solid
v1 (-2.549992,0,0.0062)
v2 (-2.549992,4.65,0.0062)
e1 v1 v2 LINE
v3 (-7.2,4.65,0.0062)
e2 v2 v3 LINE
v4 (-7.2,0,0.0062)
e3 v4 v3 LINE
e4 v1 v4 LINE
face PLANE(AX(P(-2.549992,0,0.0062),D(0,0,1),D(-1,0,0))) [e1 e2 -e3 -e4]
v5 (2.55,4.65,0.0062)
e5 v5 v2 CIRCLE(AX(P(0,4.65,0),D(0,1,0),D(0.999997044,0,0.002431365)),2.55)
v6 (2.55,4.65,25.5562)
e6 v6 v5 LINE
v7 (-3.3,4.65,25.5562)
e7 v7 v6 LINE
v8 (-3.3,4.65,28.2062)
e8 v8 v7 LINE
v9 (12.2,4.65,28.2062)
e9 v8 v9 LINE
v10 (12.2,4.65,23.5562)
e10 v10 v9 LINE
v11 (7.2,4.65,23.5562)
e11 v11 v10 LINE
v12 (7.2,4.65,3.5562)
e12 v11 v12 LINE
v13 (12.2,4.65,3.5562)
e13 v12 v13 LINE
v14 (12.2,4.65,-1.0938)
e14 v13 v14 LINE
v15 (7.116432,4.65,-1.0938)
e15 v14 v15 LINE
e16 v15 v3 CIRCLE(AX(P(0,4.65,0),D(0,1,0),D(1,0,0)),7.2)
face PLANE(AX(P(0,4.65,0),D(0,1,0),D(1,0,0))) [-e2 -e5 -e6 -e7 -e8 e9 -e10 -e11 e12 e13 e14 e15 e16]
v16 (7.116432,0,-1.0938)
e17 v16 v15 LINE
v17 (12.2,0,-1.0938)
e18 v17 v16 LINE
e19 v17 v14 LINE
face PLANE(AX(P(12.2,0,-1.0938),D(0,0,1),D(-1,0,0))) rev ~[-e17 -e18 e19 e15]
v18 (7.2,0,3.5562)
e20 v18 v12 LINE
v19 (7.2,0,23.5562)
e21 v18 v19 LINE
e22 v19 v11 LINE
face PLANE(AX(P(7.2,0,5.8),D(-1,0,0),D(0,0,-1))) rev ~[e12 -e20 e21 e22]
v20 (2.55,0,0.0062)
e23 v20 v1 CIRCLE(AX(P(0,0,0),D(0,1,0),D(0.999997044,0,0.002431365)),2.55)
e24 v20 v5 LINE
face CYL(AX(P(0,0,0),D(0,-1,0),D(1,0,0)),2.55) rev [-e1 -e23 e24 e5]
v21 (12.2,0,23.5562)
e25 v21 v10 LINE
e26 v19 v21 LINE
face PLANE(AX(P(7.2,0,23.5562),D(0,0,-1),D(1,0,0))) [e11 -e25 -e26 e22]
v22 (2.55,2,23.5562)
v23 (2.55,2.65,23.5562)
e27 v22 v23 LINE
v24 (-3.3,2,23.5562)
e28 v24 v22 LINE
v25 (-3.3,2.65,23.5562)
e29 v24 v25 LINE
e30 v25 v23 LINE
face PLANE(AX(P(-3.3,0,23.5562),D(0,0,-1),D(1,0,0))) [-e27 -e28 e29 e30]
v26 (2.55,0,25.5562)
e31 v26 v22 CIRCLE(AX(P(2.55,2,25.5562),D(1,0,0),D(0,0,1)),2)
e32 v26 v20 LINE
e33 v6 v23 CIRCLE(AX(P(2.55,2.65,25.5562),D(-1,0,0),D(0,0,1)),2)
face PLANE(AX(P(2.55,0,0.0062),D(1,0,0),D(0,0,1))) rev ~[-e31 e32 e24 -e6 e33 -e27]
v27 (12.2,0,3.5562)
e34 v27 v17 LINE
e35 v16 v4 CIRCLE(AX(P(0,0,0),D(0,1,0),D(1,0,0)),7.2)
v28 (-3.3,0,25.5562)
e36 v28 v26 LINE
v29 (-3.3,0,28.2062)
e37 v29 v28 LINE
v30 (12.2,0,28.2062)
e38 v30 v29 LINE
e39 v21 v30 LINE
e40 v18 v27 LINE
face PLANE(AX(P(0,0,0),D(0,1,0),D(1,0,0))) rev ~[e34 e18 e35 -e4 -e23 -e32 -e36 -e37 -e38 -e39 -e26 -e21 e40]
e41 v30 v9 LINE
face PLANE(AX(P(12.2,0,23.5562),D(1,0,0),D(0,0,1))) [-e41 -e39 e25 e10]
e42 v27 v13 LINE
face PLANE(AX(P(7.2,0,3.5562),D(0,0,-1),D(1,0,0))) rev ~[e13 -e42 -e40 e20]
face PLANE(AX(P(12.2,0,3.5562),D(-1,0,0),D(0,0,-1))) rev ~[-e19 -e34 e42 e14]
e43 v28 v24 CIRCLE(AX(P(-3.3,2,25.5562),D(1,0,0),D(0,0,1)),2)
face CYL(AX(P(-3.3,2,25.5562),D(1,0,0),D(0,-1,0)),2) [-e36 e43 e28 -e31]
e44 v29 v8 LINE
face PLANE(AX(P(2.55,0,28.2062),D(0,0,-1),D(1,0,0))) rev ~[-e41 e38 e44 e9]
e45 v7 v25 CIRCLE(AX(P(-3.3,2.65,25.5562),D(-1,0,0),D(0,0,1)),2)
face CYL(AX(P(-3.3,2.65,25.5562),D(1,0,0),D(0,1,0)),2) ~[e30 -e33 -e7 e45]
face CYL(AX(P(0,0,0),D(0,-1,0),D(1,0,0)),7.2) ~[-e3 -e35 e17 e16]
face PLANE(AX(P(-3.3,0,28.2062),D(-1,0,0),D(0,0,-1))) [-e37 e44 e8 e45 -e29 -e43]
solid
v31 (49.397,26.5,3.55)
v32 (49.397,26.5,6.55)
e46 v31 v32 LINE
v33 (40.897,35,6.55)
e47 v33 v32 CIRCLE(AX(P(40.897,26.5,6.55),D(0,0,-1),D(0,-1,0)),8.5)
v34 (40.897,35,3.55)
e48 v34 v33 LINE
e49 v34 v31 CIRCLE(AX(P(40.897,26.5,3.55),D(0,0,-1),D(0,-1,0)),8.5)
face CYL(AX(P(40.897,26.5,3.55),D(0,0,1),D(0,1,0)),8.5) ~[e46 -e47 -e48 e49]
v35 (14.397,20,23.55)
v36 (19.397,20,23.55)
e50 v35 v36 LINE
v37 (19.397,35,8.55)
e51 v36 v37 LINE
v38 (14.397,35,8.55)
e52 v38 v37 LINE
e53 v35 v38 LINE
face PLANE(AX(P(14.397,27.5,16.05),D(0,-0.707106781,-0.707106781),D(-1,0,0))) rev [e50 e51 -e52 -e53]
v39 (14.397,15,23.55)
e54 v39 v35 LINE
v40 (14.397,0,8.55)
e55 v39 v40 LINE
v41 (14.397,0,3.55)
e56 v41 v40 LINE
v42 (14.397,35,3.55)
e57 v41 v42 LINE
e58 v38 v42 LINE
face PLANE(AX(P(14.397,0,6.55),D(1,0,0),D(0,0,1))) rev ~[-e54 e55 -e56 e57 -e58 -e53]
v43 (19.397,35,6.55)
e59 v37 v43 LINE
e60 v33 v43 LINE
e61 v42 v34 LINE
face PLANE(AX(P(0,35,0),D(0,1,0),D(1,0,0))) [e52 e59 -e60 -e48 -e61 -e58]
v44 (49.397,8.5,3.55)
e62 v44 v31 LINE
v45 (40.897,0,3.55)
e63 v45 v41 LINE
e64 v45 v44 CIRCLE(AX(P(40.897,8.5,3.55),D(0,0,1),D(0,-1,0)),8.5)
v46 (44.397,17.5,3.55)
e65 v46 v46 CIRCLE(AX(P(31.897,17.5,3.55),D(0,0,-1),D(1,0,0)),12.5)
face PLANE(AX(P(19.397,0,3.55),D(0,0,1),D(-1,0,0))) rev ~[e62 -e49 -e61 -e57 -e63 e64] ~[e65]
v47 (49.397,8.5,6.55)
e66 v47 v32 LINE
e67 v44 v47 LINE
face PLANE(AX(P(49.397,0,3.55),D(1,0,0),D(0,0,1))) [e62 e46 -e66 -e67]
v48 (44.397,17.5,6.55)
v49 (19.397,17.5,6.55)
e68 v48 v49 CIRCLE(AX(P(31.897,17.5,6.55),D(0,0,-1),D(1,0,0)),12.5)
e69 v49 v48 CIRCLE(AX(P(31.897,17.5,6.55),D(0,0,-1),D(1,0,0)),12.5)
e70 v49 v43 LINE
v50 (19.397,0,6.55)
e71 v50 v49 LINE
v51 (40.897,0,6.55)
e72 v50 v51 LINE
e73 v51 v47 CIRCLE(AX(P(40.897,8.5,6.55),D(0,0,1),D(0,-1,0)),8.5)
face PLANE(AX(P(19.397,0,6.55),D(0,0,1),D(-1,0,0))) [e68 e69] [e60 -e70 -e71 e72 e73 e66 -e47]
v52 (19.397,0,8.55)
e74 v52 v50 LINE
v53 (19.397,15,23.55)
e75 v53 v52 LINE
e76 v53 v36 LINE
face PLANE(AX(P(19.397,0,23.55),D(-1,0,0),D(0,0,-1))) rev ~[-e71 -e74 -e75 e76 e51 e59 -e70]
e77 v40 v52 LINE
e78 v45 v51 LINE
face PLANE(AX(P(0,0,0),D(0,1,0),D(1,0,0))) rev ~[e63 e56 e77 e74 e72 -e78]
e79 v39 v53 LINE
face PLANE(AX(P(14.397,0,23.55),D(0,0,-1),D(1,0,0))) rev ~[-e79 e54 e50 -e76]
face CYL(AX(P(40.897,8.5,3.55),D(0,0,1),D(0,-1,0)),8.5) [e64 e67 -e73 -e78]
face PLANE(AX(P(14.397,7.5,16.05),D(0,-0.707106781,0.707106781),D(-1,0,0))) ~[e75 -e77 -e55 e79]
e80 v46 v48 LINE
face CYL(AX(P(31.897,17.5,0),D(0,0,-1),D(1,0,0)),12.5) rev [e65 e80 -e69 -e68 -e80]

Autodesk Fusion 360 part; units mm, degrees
sketch "Sketch1" plane through (0, 0, 0) normal (0, 1, 0) x (1, 0, 0)
  circle A0 centre (0, 0) radius 7.2
  circle A1 centre (0, 0) radius 2.55
  line L0 (7.2, -0.0062) -> (2.55, -0.0062)
  line L1 (2.55, -0.0062) -> (2.55, -28.2062)
  line L2 (2.55, -28.2062) -> (7.2, -28.2062)
  line L3 (7.2, -28.2062) -> (7.2, -0.0062)
  line L4 (7.2, -28.2062) -> (-3.3, -28.2062)
  line L5 (-3.3, -28.2062) -> (-3.3, -23.5562)
  line L6 (-3.3, -23.5562) -> (7.2, -23.5562)
  line L7 (7.2, -23.5562) -> (7.2, -28.2062)
  line L8 (2.55, -0.0062) -> (-7.2, -0.0062)
  line L9 (7.2, -5.8) -> (7.2, -1.15)
  line L10 (7.2, -23.5562) -> (12.2, -23.5562)
  line L11 (12.2, -23.5562) -> (12.2, -28.2062)
  line L12 (12.2, -28.2062) -> (7.2, -28.2062)
  line L13 (7.2, -28.2062) -> (7.2, -23.5562)
  line L14 (7, -3.5562) -> (12.2, -3.5562)
  line L15 (12.2, -3.5562) -> (12.2, 1.0938)
  line L16 (12.2, 1.0938) -> (7, 1.0938)
  line L17 (7, 1.0938) -> (7, -3.5562)
  dimension "d1" = 14.4
  dimension "d2" = 5.1
  dimension "d3" = 4.65
  dimension "d4" = 28.2
  dimension "d5" = 10.5
  dimension "d21" = 5
  dimension "d37" = 5.2
  dimension "d38" = 4.65
  dimension "d39" = 20
extrude "Extrude1" add sketch "Sketch1" along normal blind 4.65 contours A0 L0 L16 L17 | A0 L3 L9 L14 L17 | A0 L0 L17 | A0 L3 L9 L14 L15 L16 | A0 L1 L3 L6 L9 L14 L17 | A0 L0 L1 L17 | A0 A1 L0 L8 L16 L17 | L1 L2 L3 L4 L6 L7 L13 | L1 L4 L5 L6 | L3 L7 L10 L11 L12 L13 makes body 1
fillet "Fillet3" radius 2 2 edges at (-0.375, 4.65, 23.5562) (-0.375, 0, 23.5562) on bodies 1
sketch "Sketch2" plane through (0, 0, 0) normal (0, 1, 0) x (1, 0, 0)
  line L0 (14.397, -23.55) -> (19.397, -23.55)
  line L1 (19.397, -23.55) -> (19.397, -3.55)
  line L2 (19.397, -3.55) -> (14.397, -3.55)
  line L3 (14.397, -3.55) -> (14.397, -23.55)
  line L4 (14.397, -3.55) -> (49.397, -3.55)
  line L5 (49.397, -3.55) -> (49.397, -6.55)
  line L6 (49.397, -6.55) -> (14.397, -6.55)
  line L7 (14.397, -6.55) -> (14.397, -3.55)
  dimension "d22" = 5
  dimension "d23" = 20
  dimension "d24" = 35
  dimension "d25" = 3
extrude "Extrude2" add sketch "Sketch2" along normal blind 35 separate body contours L1 L2 L3 L4 L6 L7 | L1 L4 L5 L6 makes body 2
extrude "Extrude3" add sketch "Sketch2" along normal blind 35 contours L0 L1 L3 L6 bodies 2
sketch "Sketch3" plane through (0, 0, 0) normal (0, 0, 1) x (1, 0, 0)
  circle A0 centre (31.897, 17.5) radius 12.5
  dimension "d31" = 25
extrude "Extrude4" cut sketch "Sketch3" along normal blind 13 bodies 2
chamfer "Chamfer1" distance 15 angle 45 2 edges at (16.897, 35, 23.55) (16.897, 0, 23.55) on bodies 2
fillet "Fillet5" radius 8.5 2 edges at (49.397, 0, 5.05) (49.397, 35, 5.05) on bodies 2
